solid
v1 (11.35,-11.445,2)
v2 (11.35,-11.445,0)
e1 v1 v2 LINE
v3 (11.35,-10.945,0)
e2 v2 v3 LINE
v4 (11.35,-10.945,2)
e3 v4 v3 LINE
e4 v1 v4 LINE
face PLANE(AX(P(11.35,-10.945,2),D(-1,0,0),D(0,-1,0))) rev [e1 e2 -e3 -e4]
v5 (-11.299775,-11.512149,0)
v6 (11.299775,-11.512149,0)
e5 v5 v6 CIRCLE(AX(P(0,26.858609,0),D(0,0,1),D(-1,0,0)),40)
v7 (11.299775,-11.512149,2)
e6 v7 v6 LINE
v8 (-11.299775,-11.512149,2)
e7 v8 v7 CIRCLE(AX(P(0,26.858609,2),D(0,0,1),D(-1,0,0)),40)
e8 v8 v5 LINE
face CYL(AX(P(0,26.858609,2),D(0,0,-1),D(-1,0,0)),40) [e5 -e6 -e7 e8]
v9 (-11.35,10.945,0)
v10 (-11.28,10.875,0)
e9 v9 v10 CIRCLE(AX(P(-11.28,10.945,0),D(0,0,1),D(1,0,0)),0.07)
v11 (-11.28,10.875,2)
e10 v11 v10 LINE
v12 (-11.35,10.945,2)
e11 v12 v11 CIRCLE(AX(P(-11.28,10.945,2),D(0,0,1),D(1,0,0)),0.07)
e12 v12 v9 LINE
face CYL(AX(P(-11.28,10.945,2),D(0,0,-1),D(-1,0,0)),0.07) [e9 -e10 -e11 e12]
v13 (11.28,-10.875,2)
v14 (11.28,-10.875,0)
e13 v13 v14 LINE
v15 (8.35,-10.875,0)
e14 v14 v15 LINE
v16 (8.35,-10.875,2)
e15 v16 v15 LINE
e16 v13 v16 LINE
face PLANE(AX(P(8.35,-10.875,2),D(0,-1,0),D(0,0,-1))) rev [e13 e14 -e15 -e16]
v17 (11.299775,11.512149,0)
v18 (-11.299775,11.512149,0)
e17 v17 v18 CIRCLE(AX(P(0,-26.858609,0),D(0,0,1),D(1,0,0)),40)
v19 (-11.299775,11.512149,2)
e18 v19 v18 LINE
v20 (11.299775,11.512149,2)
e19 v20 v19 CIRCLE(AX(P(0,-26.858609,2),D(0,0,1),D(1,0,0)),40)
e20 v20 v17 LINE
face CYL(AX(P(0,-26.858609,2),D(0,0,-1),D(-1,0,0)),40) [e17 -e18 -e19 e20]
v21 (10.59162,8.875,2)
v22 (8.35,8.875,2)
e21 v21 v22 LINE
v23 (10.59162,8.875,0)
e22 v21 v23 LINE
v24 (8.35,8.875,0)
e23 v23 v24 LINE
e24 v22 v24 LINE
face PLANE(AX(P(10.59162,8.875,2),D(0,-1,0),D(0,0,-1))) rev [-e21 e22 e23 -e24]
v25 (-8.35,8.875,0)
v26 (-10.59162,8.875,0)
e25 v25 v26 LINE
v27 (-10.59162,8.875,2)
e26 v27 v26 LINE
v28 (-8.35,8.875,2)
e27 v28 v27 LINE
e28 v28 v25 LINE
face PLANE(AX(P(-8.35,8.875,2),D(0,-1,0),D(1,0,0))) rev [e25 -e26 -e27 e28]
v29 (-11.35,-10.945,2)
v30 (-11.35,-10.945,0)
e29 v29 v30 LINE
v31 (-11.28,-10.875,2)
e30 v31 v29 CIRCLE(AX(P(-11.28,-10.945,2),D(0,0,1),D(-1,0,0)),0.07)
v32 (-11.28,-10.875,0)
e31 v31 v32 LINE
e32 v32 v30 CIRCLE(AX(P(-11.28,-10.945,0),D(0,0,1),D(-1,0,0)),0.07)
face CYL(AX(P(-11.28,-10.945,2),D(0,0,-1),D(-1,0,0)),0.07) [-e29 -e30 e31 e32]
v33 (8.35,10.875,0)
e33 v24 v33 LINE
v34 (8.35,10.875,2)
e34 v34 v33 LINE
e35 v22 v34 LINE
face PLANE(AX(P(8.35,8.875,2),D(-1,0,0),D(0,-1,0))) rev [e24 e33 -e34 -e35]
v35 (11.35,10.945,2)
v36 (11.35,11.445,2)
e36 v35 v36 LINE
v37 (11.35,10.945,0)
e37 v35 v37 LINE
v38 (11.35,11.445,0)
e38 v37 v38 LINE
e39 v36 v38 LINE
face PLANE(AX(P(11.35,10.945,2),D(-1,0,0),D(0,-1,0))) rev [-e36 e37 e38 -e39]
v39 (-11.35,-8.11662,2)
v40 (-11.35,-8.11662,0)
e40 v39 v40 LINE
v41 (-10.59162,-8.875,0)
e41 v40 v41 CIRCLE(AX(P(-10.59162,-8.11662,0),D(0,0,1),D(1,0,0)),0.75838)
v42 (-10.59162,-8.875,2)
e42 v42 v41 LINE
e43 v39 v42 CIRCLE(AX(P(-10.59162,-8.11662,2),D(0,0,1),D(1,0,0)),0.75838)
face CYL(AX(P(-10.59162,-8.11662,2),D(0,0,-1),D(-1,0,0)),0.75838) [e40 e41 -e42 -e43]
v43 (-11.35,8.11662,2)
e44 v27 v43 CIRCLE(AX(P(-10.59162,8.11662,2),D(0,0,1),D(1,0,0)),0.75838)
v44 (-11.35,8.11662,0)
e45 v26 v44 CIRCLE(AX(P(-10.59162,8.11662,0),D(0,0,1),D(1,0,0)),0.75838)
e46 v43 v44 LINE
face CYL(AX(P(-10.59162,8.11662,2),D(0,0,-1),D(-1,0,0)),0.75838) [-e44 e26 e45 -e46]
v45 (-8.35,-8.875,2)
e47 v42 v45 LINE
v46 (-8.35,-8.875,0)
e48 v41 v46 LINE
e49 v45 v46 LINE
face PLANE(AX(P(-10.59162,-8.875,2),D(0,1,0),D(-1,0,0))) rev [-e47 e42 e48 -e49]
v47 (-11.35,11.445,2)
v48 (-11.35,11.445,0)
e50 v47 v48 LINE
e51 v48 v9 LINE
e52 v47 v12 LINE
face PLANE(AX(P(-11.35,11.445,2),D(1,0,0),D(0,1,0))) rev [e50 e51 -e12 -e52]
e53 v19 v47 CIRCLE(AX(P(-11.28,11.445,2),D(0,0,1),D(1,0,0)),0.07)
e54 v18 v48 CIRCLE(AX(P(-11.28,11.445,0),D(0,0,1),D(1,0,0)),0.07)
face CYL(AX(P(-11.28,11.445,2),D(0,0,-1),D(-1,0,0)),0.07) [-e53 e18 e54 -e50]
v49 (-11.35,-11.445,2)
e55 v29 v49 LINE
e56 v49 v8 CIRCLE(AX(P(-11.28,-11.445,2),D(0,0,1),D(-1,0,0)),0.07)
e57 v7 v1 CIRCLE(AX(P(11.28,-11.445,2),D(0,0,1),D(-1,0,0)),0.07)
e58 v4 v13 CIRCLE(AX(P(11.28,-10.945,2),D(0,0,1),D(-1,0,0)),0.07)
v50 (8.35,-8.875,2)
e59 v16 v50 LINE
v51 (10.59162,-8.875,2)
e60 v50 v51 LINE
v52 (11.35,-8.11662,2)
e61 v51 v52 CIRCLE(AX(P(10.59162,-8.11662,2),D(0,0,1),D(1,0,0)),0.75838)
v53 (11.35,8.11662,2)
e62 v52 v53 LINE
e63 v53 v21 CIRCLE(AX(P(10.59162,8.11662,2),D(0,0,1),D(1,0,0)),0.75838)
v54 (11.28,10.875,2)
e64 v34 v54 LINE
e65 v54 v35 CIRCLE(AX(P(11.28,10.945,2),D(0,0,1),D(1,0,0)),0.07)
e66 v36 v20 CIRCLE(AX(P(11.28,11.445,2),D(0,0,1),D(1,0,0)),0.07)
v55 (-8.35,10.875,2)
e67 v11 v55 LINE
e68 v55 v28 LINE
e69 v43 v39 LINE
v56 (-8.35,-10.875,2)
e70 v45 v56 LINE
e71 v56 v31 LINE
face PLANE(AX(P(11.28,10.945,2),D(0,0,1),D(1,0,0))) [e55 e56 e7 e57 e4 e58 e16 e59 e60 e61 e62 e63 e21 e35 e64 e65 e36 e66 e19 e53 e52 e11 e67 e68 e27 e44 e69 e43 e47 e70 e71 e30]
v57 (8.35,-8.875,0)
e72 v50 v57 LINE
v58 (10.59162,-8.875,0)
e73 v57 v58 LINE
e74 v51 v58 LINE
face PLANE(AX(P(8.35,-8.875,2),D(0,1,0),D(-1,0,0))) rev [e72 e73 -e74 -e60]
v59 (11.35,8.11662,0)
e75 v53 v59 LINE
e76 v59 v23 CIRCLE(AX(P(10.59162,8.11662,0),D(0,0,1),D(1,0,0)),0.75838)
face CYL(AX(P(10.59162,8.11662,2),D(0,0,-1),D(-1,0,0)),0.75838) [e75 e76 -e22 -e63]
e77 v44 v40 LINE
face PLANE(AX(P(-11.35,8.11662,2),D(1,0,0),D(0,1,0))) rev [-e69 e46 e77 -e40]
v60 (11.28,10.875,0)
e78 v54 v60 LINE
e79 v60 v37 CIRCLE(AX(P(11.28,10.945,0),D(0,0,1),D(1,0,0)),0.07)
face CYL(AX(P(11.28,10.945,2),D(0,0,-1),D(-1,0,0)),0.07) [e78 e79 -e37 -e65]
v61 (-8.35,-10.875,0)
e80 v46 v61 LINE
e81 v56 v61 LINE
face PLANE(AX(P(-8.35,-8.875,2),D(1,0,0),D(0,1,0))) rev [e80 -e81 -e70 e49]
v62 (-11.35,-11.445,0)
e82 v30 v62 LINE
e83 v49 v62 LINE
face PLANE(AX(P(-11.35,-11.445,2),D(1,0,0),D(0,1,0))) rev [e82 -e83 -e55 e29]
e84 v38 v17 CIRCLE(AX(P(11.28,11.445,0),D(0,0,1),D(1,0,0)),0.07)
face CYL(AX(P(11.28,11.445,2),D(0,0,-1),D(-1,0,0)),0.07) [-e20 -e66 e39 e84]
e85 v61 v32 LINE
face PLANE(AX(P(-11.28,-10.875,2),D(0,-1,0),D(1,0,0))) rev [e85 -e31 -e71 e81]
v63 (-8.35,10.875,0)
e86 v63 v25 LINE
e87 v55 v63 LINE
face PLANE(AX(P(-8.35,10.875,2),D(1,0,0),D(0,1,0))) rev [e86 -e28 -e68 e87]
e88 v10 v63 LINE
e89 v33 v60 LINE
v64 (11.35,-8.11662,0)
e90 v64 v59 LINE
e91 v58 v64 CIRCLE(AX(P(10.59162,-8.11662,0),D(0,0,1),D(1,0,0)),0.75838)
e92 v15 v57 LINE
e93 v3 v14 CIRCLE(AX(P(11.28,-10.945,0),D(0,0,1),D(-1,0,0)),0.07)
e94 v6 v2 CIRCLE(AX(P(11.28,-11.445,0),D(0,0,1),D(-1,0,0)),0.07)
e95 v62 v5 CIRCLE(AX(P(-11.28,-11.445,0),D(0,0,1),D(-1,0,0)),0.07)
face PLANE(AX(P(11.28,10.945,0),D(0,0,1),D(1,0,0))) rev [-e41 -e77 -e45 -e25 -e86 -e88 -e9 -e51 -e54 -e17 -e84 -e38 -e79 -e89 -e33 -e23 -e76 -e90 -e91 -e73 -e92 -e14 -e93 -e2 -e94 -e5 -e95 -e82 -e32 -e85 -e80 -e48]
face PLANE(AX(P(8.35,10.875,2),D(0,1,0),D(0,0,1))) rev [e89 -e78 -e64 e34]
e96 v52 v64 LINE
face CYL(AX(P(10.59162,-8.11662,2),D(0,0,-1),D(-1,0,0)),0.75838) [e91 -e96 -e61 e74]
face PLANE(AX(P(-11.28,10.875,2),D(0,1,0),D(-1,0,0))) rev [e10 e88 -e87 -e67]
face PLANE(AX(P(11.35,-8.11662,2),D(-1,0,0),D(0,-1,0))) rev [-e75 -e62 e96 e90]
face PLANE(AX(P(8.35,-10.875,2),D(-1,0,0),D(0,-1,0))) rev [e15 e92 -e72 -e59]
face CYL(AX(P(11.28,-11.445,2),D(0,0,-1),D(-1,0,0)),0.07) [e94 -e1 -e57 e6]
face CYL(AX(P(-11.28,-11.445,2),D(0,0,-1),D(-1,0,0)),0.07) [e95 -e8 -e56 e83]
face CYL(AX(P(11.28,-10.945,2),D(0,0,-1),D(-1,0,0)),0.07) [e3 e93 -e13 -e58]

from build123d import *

# Parameters (mm, degrees)
EXTRUDE_1_DEPTH = 2


with BuildPart() as part:
    # 草图1 → 凸台-拉伸1 (new body)
    with BuildSketch(Plane.XY):
        with BuildLine():
            Line((8.35, 10.875), (11.28, 10.875))
            ThreePointArc((11.28, 10.875), (11.329497475, 10.895502525), (11.35, 10.945))
            Line((11.35, 10.945), (11.35, 11.445))
            ThreePointArc((11.35, 11.445), (11.336054538, 11.486927185), (11.299774606, 11.512148827))
            ThreePointArc((11.299774606, 11.512148827), (0, 13.14139051), (-11.299774606, 11.512148827))
            ThreePointArc((-11.299774606, 11.512148827), (-11.336054538, 11.486927185), (-11.35, 11.445))
            Line((-11.35, 11.445), (-11.35, 10.945))
            ThreePointArc((-11.35, 10.945), (-11.329497475, 10.895502525), (-11.28, 10.875))
            Line((-11.28, 10.875), (-8.35, 10.875))
            Line((-8.35, 10.875), (-8.35, 8.875))
            Line((-8.35, 8.875), (-10.591620109, 8.875))
            ThreePointArc((-10.591620109, 8.875), (-11.127875673, 8.652875673), (-11.35, 8.116620109))
            Line((-11.35, 8.116620109), (-11.35, -8.116620109))
            ThreePointArc((-11.35, -8.116620109), (-11.127875673, -8.652875673), (-10.591620109, -8.875))
            Line((-10.591620109, -8.875), (-8.35, -8.875))
            Line((-8.35, -8.875), (-8.35, -10.875))
            Line((-8.35, -10.875), (-11.28, -10.875))
            ThreePointArc((-11.28, -10.875), (-11.329497475, -10.895502525), (-11.35, -10.945))
            Line((-11.35, -10.945), (-11.35, -11.445))
            ThreePointArc((-11.35, -11.445), (-11.336054538, -11.486927185), (-11.299774606, -11.512148827))
            ThreePointArc((-11.299774606, -11.512148827), (0, -13.14139051), (11.299774606, -11.512148827))
            ThreePointArc((11.299774606, -11.512148827), (11.336054538, -11.486927185), (11.35, -11.445))
            Line((11.35, -11.445), (11.35, -10.945))
            ThreePointArc((11.35, -10.945), (11.329497475, -10.895502525), (11.28, -10.875))
            Line((11.28, -10.875), (8.35, -10.875))
            Line((8.35, -10.875), (8.35, -8.875))
            Line((8.35, -8.875), (10.591620109, -8.875))
            ThreePointArc((10.591620109, -8.875), (11.127875673, -8.652875673), (11.35, -8.116620109))
            Line((11.35, -8.116620109), (11.35, 8.116620109))
            ThreePointArc((11.35, 8.116620109), (11.127875673, 8.652875673), (10.591620109, 8.875))
            Line((10.591620109, 8.875), (8.35, 8.875))
            Line((8.35, 8.875), (8.35, 10.875))
        make_face()
    extrude(amount=EXTRUDE_1_DEPTH)


solid = part.part
